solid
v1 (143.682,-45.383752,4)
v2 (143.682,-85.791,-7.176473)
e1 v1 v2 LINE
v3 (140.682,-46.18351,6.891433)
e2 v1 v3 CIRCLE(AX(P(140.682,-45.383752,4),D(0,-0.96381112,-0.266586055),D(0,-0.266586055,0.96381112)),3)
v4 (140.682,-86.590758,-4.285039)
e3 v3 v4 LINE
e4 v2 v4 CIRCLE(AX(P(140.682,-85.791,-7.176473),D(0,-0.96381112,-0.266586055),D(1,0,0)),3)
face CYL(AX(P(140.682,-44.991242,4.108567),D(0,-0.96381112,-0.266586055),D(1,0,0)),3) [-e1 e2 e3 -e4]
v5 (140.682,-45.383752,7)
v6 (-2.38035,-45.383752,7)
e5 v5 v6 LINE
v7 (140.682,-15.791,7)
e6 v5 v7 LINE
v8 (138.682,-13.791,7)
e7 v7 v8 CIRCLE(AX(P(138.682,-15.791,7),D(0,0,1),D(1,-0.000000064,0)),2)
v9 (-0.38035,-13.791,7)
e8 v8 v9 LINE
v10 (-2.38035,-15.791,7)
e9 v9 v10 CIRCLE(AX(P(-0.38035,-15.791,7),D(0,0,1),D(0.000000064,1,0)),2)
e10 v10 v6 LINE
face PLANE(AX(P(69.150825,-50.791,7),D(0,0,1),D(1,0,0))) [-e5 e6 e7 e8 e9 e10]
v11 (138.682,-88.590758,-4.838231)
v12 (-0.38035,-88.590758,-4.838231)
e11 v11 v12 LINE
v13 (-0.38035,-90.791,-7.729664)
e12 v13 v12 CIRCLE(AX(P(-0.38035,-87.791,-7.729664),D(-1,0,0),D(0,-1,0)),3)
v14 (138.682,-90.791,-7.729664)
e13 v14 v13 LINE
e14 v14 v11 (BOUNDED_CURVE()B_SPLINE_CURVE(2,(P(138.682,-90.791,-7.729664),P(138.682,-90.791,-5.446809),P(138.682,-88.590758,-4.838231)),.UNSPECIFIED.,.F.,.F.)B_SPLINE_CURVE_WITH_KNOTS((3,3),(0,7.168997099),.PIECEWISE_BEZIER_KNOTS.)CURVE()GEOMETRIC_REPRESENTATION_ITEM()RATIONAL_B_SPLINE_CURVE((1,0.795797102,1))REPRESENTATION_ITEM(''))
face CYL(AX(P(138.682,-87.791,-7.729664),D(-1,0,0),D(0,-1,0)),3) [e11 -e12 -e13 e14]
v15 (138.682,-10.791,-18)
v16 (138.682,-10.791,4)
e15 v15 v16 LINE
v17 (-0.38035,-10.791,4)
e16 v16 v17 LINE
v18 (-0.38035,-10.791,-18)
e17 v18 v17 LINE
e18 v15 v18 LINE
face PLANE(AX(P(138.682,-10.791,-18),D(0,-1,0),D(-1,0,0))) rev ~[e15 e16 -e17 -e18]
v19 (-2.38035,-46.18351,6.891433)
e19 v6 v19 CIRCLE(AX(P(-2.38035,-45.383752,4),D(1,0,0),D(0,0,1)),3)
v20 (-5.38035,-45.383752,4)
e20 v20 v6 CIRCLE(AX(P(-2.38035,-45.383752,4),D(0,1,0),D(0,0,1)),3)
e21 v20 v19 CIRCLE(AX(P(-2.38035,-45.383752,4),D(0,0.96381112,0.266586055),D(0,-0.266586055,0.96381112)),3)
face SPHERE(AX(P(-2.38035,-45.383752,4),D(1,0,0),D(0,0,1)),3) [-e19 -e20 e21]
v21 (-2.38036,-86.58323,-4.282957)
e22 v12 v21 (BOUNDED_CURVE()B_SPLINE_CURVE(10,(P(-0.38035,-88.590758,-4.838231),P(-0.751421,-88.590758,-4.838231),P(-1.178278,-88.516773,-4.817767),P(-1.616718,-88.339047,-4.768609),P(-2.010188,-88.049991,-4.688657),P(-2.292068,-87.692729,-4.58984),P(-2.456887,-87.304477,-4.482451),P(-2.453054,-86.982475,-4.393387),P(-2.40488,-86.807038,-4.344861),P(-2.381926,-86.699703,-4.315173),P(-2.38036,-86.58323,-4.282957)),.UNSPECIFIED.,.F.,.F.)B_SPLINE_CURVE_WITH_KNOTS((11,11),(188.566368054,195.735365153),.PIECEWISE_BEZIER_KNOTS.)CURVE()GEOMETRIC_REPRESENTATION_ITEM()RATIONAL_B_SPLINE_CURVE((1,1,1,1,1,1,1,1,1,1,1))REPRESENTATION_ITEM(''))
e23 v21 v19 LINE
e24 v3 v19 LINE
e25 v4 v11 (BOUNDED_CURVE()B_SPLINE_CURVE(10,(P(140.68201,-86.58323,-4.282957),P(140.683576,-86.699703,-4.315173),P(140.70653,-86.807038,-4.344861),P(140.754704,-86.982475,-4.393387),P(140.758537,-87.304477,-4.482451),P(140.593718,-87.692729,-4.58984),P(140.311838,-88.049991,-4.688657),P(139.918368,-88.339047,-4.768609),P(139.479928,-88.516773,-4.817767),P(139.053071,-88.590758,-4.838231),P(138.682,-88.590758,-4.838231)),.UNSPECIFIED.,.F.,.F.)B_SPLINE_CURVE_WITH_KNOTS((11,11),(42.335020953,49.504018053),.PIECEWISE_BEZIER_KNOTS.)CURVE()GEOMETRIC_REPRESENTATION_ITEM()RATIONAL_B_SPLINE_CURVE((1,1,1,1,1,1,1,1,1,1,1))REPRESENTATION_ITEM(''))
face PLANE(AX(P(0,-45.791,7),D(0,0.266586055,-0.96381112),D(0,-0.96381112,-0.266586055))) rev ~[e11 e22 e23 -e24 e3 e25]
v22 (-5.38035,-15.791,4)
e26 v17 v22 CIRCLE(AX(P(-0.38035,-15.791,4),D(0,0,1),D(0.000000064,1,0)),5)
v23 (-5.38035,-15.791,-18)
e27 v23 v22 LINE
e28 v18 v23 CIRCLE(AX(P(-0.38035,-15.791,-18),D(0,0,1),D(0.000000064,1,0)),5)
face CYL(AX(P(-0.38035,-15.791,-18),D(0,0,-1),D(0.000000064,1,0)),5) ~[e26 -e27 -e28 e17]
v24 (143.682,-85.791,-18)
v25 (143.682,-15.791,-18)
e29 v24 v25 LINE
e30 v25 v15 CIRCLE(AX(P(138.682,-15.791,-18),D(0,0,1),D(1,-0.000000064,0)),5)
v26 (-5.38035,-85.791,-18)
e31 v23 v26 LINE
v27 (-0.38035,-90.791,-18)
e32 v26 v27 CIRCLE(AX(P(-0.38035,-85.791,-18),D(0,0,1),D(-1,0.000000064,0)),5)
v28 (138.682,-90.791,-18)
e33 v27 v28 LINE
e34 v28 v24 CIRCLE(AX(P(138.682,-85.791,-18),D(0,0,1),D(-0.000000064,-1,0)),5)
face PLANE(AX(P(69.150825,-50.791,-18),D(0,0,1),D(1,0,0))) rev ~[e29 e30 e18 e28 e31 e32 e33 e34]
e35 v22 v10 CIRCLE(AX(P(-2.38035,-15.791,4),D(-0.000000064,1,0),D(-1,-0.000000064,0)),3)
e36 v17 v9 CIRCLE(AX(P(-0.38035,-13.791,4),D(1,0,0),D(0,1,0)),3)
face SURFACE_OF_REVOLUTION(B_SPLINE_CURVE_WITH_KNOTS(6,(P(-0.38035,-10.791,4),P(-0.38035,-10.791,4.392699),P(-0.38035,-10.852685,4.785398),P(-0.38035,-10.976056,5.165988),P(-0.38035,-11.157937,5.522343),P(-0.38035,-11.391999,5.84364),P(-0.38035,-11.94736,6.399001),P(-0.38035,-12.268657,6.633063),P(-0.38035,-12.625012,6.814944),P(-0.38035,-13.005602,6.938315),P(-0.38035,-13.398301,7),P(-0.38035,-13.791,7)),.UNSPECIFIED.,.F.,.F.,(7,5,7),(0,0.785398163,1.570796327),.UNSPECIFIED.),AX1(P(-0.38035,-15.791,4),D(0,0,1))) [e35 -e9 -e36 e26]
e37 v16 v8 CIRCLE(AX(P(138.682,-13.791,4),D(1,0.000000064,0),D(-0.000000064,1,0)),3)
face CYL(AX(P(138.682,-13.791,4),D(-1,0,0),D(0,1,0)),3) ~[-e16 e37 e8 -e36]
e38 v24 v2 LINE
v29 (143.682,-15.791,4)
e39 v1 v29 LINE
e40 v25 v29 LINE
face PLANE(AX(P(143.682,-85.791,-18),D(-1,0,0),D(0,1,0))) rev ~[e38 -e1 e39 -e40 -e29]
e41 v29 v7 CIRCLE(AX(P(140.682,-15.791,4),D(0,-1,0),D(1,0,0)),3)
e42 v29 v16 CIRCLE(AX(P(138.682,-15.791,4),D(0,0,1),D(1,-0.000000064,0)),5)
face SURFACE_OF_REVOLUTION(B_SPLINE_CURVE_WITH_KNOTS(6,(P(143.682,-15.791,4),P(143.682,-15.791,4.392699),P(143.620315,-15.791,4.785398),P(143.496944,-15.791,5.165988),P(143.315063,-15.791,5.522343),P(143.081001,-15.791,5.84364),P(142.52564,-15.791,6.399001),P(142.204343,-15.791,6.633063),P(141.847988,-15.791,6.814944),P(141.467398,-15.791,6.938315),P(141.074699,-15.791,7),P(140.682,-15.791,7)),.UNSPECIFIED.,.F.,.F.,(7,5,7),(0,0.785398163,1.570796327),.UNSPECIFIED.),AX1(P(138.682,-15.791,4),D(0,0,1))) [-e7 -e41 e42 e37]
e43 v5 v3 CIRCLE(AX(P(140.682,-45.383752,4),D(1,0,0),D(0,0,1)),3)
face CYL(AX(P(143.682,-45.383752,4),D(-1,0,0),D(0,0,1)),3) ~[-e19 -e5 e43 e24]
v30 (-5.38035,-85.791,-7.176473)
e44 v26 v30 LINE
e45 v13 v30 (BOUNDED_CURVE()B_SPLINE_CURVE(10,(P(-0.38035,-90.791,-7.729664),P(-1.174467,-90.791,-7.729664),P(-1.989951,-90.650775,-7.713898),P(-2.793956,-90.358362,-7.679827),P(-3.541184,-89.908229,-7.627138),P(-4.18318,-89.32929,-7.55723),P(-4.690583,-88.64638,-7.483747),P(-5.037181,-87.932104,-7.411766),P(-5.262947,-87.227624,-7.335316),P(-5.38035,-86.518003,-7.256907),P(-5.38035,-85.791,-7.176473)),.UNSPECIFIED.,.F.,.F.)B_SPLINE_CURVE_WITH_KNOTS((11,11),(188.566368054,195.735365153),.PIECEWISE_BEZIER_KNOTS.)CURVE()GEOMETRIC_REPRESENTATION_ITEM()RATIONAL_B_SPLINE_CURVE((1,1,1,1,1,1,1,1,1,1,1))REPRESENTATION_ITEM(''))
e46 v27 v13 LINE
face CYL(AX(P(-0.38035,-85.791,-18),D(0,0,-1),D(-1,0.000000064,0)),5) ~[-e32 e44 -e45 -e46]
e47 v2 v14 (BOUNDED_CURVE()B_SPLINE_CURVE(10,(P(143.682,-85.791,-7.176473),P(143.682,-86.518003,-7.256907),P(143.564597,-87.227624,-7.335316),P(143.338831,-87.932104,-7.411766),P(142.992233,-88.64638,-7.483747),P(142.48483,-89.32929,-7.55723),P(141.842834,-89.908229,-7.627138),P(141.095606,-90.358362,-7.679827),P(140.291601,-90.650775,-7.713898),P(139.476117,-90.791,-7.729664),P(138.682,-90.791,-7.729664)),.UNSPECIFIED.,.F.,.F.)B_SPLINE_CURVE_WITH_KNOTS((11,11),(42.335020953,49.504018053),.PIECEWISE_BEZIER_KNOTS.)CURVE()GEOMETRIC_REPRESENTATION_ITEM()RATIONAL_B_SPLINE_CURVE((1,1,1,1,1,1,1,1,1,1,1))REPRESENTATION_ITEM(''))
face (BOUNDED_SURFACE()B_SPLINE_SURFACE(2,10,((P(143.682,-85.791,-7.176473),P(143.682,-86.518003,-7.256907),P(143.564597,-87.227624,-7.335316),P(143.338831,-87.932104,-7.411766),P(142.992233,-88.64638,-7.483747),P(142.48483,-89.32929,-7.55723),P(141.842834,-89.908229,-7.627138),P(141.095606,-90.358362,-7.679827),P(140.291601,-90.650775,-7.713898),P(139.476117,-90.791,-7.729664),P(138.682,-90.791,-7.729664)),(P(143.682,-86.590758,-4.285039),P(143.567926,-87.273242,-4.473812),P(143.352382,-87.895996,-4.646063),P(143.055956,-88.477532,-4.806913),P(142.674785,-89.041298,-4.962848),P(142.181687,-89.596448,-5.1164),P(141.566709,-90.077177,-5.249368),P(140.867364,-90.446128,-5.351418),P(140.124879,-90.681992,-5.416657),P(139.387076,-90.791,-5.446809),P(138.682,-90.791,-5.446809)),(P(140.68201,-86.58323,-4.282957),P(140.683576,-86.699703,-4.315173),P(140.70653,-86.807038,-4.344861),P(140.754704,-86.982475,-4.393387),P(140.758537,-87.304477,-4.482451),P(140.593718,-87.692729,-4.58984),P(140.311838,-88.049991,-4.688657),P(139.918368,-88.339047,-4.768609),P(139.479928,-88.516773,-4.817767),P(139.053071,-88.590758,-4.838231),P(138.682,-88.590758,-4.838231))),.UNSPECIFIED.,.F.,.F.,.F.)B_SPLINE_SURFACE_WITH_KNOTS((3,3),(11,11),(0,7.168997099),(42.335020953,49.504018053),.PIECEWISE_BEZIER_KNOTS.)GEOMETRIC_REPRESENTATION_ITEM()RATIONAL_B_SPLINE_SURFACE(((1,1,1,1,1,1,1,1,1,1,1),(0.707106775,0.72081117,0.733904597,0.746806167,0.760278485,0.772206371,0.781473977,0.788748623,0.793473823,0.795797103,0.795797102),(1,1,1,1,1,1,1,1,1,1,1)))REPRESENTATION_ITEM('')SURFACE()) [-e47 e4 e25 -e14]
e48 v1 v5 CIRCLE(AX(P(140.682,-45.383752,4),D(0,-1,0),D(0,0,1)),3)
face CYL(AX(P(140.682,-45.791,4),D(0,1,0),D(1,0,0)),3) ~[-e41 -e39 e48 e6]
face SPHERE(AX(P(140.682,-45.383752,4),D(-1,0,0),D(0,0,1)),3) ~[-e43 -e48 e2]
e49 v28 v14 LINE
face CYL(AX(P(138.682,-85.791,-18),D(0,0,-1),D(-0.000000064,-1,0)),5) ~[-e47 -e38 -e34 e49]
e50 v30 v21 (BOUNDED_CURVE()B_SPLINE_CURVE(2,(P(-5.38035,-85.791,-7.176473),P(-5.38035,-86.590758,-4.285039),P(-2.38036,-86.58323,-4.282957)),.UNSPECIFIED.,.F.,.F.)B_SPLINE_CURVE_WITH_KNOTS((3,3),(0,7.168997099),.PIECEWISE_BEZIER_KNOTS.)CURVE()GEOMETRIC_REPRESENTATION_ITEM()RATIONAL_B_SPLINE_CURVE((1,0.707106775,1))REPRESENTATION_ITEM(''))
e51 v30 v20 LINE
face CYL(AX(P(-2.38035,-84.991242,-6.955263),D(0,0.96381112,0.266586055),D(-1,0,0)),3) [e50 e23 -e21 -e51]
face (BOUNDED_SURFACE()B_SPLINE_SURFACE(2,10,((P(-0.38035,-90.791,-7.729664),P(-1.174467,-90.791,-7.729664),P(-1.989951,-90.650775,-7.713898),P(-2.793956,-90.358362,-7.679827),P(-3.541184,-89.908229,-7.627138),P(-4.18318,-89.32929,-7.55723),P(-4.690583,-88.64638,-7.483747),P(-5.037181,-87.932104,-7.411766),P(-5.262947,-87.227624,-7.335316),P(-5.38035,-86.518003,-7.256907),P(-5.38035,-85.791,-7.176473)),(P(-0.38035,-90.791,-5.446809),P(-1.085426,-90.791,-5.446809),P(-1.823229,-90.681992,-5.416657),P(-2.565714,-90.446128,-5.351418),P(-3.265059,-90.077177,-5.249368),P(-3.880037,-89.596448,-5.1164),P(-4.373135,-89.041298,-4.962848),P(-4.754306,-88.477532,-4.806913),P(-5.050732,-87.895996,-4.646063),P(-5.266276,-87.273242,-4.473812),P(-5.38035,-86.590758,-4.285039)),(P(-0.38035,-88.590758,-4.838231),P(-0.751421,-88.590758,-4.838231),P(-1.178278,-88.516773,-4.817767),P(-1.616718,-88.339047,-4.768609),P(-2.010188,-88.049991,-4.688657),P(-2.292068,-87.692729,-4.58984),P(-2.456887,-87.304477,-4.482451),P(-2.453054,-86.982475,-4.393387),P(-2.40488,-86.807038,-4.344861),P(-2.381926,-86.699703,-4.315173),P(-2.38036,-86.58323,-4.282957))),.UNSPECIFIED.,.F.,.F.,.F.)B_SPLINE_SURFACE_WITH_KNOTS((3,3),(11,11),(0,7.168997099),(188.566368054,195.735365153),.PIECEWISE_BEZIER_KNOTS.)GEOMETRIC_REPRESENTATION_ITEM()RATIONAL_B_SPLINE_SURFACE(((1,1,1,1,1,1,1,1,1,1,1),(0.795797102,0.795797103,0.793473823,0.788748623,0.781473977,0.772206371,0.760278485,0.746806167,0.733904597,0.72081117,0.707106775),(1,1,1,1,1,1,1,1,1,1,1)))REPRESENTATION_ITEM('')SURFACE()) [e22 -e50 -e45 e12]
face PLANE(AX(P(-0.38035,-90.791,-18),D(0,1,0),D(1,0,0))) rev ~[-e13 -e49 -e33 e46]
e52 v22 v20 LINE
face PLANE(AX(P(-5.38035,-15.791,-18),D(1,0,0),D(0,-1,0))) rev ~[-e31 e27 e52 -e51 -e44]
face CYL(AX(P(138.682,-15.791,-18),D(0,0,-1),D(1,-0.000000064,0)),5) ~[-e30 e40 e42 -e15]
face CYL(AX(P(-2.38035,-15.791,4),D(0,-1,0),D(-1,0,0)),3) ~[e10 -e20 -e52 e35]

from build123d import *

# Parameters (mm, degrees)
LEFT_PALM_PAD_DEPTH        = 25
LEFT_PALM_WEDGE_DEPTH      = 5.38135
LEFT_PALM_WEDGE_DEPTH_BACK = 143.683
LEFT_PALM_FILLET_R         = 3


with BuildPart() as part:
    # Left_Palm_Base → Left_Palm_Pad (new body)
    with BuildSketch(Plane.XY.offset(-18)):
        with BuildLine():
            Line((-0.38035, -90.791), (138.682, -90.791))
            ThreePointArc((138.682, -90.791), (142.217534, -89.326534), (143.682, -85.791))
            Line((143.682, -85.791), (143.682, -15.791))
            ThreePointArc((143.682, -15.791), (142.217534, -12.255466), (138.682, -10.791))
            Line((138.682, -10.791), (-0.38035, -10.791))
            ThreePointArc((-0.38035, -10.791), (-3.915884, -12.255466), (-5.38035, -15.791))
            Line((-5.38035, -15.791), (-5.38035, -85.791))
            ThreePointArc((-5.38035, -85.791), (-3.915884, -89.326534), (-0.38035, -90.791))
        make_face()
    extrude(amount=LEFT_PALM_PAD_DEPTH)

    # Left_Palm_WedgeCut → Left_Palm_Wedge (cut, two sides)
    with BuildSketch(Plane.YZ) as left_palm_wedge_sk:
        Polygon((-45.791, 7), (-92.791, -6), (-92.791, 9), (-45.791, 9), align=None)
    extrude(amount=-LEFT_PALM_WEDGE_DEPTH, mode=Mode.SUBTRACT)
    extrude(left_palm_wedge_sk.sketch, amount=LEFT_PALM_WEDGE_DEPTH_BACK, mode=Mode.SUBTRACT)

    # Left_Palm_Fillet
    left_palm_fillet_edges = [part.edges().sort_by_distance(p)[0] for p in [
        (69.150825, -90.791, -5.446809),
        (142.249947, -89.293821, -5.032695),
        (69.150825, -45.791, 7),
        (-5.38035, -65.791, 1.468085),
        (-3.948297, -89.293821, -5.032695),
        (143.682, -65.791, 1.468085),
        (143.682, -30.791, 7),
        (142.217534, -12.255466, 7),
        (69.150825, -10.791, 7),
        (-3.915884, -12.255466, 7),
        (-5.38035, -30.791, 7),
    ]]
    fillet(left_palm_fillet_edges, radius=LEFT_PALM_FILLET_R)


solid = part.part
